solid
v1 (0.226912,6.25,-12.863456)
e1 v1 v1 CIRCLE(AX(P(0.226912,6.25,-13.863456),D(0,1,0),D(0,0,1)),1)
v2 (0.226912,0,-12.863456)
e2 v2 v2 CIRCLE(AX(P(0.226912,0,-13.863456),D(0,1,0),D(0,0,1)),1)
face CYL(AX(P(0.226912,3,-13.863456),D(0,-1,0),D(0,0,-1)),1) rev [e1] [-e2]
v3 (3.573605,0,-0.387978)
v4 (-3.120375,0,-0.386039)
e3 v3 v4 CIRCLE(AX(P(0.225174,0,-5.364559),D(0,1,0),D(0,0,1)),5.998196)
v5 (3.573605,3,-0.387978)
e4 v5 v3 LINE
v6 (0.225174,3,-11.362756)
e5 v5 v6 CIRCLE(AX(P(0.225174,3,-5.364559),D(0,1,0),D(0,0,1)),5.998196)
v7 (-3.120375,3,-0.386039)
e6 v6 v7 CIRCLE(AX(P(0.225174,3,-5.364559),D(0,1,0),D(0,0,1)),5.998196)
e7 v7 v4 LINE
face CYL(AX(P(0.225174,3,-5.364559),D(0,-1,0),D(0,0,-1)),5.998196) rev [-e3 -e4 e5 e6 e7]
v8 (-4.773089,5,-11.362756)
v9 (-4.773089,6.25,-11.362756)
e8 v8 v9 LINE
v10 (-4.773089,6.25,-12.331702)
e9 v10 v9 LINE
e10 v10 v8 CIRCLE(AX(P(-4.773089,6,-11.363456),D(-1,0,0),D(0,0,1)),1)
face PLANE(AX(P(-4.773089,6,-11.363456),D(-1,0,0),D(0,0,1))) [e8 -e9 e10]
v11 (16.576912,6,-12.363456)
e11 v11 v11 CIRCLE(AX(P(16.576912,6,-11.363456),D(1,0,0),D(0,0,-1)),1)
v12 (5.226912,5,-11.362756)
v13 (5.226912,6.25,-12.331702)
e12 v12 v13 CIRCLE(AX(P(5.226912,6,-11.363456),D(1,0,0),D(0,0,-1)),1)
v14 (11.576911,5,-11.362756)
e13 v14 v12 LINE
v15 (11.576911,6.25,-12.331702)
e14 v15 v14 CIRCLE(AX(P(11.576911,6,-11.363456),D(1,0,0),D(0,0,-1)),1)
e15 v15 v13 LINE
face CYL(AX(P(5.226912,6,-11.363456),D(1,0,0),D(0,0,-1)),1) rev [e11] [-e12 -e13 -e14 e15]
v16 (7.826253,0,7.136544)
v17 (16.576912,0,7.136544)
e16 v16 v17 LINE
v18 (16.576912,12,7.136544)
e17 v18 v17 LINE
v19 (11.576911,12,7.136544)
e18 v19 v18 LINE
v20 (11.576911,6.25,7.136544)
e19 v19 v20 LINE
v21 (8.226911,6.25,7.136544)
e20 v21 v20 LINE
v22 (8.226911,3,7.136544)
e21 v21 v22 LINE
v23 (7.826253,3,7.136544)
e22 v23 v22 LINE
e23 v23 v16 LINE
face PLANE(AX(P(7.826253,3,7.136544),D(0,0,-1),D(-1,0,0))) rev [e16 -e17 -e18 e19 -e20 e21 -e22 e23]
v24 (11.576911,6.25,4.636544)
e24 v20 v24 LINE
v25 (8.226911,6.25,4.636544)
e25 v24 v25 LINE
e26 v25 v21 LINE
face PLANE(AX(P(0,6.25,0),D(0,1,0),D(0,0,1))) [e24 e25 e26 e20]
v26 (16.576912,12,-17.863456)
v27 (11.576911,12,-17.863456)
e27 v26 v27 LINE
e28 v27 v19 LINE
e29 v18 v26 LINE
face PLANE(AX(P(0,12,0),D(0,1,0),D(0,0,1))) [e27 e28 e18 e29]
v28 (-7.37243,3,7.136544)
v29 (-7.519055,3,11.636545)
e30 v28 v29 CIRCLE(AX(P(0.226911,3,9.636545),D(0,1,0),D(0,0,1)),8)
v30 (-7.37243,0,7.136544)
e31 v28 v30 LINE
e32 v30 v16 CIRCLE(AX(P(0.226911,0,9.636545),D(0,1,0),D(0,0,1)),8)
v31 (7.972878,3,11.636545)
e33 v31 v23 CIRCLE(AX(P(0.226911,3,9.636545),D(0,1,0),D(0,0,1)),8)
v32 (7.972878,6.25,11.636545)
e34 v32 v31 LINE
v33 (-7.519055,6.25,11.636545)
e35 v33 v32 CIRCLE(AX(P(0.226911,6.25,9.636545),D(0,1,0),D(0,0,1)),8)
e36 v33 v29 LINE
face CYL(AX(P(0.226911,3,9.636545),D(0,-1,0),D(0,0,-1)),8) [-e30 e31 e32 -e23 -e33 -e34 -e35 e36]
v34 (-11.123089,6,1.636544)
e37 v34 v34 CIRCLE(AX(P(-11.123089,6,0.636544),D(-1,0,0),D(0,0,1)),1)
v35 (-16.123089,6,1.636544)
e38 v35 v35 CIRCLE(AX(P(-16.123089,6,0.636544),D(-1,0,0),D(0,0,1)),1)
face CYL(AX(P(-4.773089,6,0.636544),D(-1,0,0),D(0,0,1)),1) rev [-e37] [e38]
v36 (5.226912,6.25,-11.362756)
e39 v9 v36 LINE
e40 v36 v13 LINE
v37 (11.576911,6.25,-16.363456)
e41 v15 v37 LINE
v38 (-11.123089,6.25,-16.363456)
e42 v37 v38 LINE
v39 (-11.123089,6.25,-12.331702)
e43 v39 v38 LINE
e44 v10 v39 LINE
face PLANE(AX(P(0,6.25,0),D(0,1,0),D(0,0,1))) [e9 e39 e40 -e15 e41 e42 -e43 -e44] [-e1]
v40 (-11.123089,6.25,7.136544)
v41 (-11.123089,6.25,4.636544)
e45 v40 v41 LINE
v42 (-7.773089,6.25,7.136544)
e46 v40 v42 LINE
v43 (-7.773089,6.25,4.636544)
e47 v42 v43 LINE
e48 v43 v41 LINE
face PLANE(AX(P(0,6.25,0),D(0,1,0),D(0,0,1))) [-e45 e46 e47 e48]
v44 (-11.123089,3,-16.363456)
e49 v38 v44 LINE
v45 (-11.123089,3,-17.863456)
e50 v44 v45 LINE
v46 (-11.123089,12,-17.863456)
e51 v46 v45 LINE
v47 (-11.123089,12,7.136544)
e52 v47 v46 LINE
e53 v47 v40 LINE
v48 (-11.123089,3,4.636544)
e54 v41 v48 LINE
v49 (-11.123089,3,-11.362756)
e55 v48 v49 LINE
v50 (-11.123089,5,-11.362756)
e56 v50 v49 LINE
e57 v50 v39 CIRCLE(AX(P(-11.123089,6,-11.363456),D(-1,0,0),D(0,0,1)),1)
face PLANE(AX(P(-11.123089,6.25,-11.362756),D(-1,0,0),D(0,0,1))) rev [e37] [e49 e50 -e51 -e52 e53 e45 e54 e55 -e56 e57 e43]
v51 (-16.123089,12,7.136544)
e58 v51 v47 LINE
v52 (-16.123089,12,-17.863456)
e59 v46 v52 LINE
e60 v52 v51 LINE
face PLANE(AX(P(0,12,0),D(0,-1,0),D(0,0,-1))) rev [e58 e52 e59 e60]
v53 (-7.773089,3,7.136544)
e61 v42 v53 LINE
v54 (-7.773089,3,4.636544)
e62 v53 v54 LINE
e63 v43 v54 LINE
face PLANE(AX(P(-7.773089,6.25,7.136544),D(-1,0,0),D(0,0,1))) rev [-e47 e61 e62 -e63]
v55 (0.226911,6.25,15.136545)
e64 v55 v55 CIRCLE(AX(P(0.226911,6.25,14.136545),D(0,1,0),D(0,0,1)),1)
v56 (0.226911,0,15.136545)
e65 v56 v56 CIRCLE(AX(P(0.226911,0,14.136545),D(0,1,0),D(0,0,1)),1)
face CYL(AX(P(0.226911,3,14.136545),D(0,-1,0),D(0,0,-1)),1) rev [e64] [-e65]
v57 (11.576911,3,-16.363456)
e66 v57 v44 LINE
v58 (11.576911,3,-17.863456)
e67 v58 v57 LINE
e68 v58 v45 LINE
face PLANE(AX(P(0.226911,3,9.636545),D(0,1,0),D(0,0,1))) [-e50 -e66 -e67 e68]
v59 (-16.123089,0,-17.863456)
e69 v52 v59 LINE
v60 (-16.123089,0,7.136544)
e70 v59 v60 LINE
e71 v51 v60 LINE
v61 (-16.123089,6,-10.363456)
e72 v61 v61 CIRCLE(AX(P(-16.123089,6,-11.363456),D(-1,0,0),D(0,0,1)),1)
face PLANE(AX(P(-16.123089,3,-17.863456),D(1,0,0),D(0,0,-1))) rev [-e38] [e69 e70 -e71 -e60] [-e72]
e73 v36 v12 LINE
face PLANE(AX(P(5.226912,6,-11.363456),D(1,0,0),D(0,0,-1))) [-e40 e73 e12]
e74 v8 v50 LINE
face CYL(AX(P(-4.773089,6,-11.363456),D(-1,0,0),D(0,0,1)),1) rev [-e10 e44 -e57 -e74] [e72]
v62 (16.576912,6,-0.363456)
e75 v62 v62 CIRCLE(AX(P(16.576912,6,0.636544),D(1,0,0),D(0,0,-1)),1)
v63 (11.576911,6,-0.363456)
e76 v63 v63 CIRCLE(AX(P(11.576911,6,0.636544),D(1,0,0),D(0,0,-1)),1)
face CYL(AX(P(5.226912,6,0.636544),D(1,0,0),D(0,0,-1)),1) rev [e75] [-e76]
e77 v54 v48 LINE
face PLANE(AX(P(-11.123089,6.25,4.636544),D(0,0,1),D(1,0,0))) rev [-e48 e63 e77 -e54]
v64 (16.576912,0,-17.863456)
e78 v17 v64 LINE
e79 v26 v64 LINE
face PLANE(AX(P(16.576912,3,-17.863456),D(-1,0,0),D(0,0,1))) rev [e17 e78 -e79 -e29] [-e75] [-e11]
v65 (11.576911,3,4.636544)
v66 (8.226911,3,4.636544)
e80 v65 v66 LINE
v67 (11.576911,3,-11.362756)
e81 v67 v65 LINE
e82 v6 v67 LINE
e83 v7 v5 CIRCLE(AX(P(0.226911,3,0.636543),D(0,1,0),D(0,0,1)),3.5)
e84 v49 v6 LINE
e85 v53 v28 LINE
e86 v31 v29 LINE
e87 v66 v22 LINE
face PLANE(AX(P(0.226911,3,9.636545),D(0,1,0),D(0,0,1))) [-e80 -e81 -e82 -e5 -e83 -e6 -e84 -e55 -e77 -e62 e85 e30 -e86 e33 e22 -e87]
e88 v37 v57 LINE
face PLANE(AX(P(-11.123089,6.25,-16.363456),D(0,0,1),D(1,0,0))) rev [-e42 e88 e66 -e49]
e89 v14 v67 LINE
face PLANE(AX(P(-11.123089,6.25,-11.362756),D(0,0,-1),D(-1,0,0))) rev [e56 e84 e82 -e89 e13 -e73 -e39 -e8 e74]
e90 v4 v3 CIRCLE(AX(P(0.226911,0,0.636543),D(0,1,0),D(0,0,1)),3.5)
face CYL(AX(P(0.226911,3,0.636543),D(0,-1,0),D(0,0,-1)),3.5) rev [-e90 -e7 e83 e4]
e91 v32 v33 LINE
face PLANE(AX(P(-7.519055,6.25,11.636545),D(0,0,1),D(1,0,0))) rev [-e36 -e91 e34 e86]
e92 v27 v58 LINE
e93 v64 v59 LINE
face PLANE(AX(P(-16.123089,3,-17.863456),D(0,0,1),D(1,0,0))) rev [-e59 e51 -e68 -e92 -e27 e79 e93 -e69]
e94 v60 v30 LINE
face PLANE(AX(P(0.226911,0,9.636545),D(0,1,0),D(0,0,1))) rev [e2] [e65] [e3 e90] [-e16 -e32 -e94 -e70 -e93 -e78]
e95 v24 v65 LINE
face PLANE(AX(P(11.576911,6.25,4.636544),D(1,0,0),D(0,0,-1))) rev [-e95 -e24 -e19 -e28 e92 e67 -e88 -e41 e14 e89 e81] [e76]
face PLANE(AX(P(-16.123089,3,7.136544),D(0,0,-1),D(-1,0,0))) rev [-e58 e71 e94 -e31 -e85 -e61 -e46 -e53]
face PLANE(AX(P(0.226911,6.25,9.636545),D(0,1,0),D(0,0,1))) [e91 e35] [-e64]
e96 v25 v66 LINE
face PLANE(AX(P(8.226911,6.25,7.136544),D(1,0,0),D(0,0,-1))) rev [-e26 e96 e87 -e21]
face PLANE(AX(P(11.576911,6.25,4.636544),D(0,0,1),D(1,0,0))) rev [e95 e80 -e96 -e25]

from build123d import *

# Parameters (mm, degrees)
CROQUIS1_R              = 1.000000138
CROQUIS1_R_2            = 0.999999989
SALIENTE_EXTRUIR1_DEPTH = 3
SALIENTE_EXTRUIR2_DEPTH = 3.25
CROQUIS3_W              = 5.000000382
CROQUIS3_H              = 25
CROQUIS3_W_2            = 5.000000381
SALIENTE_EXTRUIR3_DEPTH = 5.75
CROQUIS4_R              = 1
CORTAR_EXTRUIR1_DEPTH   = 11.35
CROQUIS5_R              = 1
CORTAR_EXTRUIR2_DEPTH   = 11.35
CROQUIS6_R              = 1.000000138
CROQUIS6_R_2            = 0.999999989
CORTAR_EXTRUIR3_DEPTH   = 11.35


with BuildPart() as part:
    # Croquis1 → Saliente-Extruir1 (new body)
    with BuildSketch(Plane(origin=(0, 0, 0), x_dir=(1, 0, 0), z_dir=(0, 1, 0))):
        with BuildLine():
            Line((7.826252673, -7.136543799), (16.57691182, -7.136543799))
            Line((16.57691182, -7.136543799), (16.57691182, 17.863456201))
            Line((16.57691182, 17.863456201), (-16.123088943, 17.863456201))
            Line((-16.123088943, 17.863456201), (-16.123088943, -7.136543799))
            Line((-16.123088943, -7.136543799), (-7.372430407, -7.136543799))
            ThreePointArc((-7.372430407, -7.136543799), (0.226911133, -17.636544763), (7.826252673, -7.136543799))
        make_face()
        with Locations((0.226911587, 13.863456348)):
            Circle(CROQUIS1_R, mode=Mode.SUBTRACT)
        with Locations((0.226910898, -14.136544906)):
            Circle(CROQUIS1_R_2, mode=Mode.SUBTRACT)
        with BuildLine():
            ThreePointArc((-3.120375102, 0.386039479), (0.227925042, -4.136543652), (3.573605207, 0.387978009))
            ThreePointArc((3.573605207, 0.387978009), (0.223436552, 11.362755325), (-3.120375102, 0.386039479))
        make_face(mode=Mode.SUBTRACT)
    extrude(amount=SALIENTE_EXTRUIR1_DEPTH)

    # Croquis2 → Saliente-Extruir2 (add)
    with BuildSketch(Plane(origin=(0, 3, 0), x_dir=(1, 0, 0), z_dir=(0, 1, 0))):
        with BuildLine():
            Line((-7.519055395, -11.636544922), (7.972877662, -11.636544922))
            ThreePointArc((7.972877662, -11.636544922), (0.226911133, -17.636544763), (-7.519055395, -11.636544922))
        make_face()
        Polygon((-16.123088943, 17.863456201), (-11.123088561, 17.863456201), (-11.123088561, 16.363456201), (11.576911439, 16.363456201), (11.576911439, 17.863456201), (16.57691182, 17.863456201), (16.57691182, -7.136543799), (8.226911439, -7.136543799), (8.226911439, -4.636543799), (11.576911439, -4.636543799), (11.576911439, 11.362755577), (-11.123088561, 11.362755577), (-11.123088561, -4.636543799), (-7.773088561, -4.636543799), (-7.773088561, -7.136543799), (-16.123088943, -7.136543799), align=None)
    extrude(amount=SALIENTE_EXTRUIR2_DEPTH)

    # Croquis3 → Saliente-Extruir3 (add)
    with BuildSketch(Plane(origin=(0, 6.25, 0), x_dir=(1, 0, 0), z_dir=(0, 1, 0))):
        with Locations((-13.623088752, 5.363456201)):
            Rectangle(CROQUIS3_W, CROQUIS3_H)
        with Locations((14.076911629, 5.363456201)):
            Rectangle(CROQUIS3_W_2, CROQUIS3_H)
    extrude(amount=SALIENTE_EXTRUIR3_DEPTH)

    # Croquis4 → Cortar-Extruir1 (cut)
    with BuildSketch(Plane.ZY.offset(16.123088943)):
        with Locations((-11.363456201, 6)):
            Circle(CROQUIS4_R)
        with Locations((0.636543799, 6)):
            Circle(CROQUIS4_R)
    extrude(amount=-CORTAR_EXTRUIR1_DEPTH, mode=Mode.SUBTRACT)

    # Croquis5 → Cortar-Extruir2 (cut)
    with BuildSketch(Plane(origin=(16.57691182, 0, 0), x_dir=(0, 0, -1), z_dir=(1, 0, 0))):
        with Locations((11.363456201, 6)):
            Circle(CROQUIS5_R)
        with Locations((-0.636543799, 6)):
            Circle(CROQUIS5_R)
    extrude(amount=-CORTAR_EXTRUIR2_DEPTH, mode=Mode.SUBTRACT)

    # Croquis6 → Cortar-Extruir3 (cut)
    with BuildSketch(Plane.XZ):
        with Locations((0.226911587, -13.863456348)):
            Circle(CROQUIS6_R)
        with Locations((0.226910898, 14.136544906)):
            Circle(CROQUIS6_R_2)
    extrude(amount=-CORTAR_EXTRUIR3_DEPTH, mode=Mode.SUBTRACT)


solid = part.part
